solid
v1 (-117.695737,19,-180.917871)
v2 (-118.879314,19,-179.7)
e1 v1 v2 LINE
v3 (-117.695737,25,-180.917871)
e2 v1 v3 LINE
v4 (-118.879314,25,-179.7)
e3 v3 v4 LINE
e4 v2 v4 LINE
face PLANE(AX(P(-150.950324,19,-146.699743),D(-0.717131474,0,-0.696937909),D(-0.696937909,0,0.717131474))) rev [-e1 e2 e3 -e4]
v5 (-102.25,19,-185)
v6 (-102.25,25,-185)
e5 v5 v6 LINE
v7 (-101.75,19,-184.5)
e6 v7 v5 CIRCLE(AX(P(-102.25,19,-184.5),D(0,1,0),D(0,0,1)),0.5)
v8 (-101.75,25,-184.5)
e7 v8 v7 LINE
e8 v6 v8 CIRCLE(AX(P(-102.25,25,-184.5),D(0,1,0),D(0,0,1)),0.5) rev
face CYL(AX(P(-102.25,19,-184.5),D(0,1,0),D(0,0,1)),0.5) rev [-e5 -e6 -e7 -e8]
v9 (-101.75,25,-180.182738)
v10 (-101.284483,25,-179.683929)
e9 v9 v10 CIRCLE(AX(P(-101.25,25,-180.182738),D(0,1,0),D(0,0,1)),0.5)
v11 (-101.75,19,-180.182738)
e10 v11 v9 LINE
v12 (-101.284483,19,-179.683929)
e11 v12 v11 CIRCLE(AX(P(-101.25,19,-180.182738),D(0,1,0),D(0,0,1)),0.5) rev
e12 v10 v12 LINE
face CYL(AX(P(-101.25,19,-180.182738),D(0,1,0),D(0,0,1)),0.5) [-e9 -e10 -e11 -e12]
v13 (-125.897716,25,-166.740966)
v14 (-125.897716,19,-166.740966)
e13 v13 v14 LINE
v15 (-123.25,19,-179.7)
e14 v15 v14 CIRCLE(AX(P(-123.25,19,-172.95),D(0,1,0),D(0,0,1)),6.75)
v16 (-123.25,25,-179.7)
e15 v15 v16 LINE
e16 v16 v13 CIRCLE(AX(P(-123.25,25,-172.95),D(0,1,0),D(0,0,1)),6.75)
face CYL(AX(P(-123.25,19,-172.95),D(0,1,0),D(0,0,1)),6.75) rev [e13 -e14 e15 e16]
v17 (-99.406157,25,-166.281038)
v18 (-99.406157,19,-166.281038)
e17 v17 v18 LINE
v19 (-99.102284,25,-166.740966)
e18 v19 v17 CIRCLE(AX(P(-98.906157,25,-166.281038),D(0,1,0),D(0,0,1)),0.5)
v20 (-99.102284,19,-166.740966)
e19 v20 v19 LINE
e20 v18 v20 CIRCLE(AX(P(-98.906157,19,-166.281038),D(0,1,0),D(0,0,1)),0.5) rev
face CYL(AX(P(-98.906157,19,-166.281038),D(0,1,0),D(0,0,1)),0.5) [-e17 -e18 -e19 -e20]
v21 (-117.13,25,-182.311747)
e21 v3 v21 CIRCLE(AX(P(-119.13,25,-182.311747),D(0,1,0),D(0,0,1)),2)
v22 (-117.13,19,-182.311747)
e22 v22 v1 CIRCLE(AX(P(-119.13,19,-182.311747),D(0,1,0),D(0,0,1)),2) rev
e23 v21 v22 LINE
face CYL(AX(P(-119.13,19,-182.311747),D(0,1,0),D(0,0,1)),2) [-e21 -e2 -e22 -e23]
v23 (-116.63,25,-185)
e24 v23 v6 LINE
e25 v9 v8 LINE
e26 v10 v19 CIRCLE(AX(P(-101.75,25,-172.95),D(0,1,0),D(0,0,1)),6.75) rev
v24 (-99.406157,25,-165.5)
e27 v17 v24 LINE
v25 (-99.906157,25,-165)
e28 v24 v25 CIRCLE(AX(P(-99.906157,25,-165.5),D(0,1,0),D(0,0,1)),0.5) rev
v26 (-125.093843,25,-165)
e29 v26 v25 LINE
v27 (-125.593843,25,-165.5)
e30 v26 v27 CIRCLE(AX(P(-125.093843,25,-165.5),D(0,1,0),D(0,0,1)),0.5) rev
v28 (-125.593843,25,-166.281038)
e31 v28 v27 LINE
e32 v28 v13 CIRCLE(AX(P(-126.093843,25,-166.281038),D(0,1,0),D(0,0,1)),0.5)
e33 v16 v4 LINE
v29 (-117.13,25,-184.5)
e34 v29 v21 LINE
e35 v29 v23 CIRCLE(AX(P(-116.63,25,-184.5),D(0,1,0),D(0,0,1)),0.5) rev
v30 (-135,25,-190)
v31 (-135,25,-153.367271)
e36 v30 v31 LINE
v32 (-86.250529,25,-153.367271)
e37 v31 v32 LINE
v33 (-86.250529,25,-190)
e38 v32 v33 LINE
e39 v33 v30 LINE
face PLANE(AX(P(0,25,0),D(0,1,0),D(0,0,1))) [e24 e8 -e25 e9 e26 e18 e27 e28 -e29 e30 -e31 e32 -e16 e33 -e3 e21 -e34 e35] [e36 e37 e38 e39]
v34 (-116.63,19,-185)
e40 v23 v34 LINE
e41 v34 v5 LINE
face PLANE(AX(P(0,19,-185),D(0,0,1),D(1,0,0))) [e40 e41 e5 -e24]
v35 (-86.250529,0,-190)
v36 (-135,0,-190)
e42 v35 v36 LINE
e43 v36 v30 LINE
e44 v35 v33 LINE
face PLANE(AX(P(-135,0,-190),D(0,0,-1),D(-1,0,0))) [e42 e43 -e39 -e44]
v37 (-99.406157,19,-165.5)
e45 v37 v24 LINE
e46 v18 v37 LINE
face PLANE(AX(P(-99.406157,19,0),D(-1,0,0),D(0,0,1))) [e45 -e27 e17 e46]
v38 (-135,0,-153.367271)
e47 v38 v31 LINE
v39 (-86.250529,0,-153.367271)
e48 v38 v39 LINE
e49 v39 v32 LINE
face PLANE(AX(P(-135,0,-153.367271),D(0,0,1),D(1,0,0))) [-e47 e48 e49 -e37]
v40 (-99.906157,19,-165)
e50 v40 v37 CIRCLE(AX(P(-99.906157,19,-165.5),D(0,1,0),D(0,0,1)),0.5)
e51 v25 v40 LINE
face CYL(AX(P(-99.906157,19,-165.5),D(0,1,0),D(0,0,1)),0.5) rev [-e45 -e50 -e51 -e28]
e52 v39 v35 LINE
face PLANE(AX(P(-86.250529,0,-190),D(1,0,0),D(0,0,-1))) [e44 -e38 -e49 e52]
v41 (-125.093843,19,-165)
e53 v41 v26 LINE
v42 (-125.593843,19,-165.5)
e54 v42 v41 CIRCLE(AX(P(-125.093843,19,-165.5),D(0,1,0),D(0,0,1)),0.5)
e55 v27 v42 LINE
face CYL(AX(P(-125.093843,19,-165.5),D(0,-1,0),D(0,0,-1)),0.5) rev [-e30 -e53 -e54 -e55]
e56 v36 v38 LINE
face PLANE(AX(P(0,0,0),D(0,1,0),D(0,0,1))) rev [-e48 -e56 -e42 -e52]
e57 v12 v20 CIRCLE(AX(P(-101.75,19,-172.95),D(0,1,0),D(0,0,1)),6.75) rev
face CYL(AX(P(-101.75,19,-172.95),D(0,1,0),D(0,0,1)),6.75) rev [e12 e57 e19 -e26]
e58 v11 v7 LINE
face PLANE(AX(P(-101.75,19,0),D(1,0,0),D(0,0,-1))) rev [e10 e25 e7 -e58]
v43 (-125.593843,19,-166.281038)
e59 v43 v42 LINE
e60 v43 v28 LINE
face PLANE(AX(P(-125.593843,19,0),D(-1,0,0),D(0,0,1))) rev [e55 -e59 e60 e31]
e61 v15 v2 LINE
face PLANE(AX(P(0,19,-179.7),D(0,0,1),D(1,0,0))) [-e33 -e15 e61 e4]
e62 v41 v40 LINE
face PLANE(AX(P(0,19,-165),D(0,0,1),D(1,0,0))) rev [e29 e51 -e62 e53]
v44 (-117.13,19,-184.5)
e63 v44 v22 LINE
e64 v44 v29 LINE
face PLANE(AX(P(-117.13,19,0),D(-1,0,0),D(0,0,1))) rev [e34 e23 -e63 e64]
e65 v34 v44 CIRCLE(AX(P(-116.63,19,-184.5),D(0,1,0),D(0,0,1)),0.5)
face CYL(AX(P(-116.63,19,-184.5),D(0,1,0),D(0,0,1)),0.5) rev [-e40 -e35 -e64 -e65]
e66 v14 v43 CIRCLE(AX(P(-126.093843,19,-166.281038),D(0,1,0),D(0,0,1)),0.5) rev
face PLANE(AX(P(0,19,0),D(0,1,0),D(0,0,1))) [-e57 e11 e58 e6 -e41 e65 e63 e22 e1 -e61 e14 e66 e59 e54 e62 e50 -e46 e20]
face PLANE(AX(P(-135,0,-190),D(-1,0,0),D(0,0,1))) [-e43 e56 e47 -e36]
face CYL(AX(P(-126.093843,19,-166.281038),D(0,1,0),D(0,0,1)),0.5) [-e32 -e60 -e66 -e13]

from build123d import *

# Parameters (mm, degrees)
SKETCH1_W           = 290
SKETCH1_H           = 400
BOSS_EXTRUDE1_DEPTH = 35
SKETCH2_W           = 270
SKETCH2_H           = 380
CUT_EXTRUDE2_DEPTH  = 10
CUT_EXTRUDE3_DEPTH  = 6
FILLET2_R           = 2
FILLET4_R           = 0.5
FILLET5_R           = 0.5
FILLET6_R           = 0.5
FILLET7_R           = 0.5
FILLET8_R           = 0.5
FILLET9_R           = 0.5
SKETCH4_W           = 290
SKETCH4_H           = 400
SKETCH4_W_2         = 48.749470761
SKETCH4_H_2         = 36.632728687
CUT_EXTRUDE4_DEPTH  = 250.499498997


with BuildPart() as part:
    # Sketch1 → Boss-Extrude1 (new body)
    with BuildSketch(Plane(origin=(0, 0, 0), x_dir=(1, 0, 0), z_dir=(0, 1, 0))):
        Rectangle(SKETCH1_W, SKETCH1_H)
    extrude(amount=BOSS_EXTRUDE1_DEPTH)

    # Sketch2 → Cut-Extrude2 (cut)
    with BuildSketch(Plane(origin=(0, 35, 0), x_dir=(1, 0, 0), z_dir=(0, 1, 0))):
        Rectangle(SKETCH2_W, SKETCH2_H)
    extrude(amount=-CUT_EXTRUDE2_DEPTH, mode=Mode.SUBTRACT)

    # Sketch3 → Cut-Extrude3 (cut)
    with BuildSketch(Plane(origin=(0, 25, 0), x_dir=(1, 0, 0), z_dir=(0, 1, 0))):
        with BuildLine():
            Line((-101.75, 185), (-117.13, 185))
            Line((-117.13, 185), (-117.13, 181.5))
            Line((-117.13, 181.5), (-118.879314151, 179.7))
            Line((-118.879314151, 179.7), (-123.25, 179.7))
            ThreePointArc((-123.25, 179.7), (-129.894170377, 174.14058809), (-125.593842998, 166.62))
            Line((-125.593842998, 166.62), (-125.593842998, 165))
            Line((-125.593842998, 165), (-99.406157002, 165))
            Line((-99.406157002, 165), (-99.406157002, 166.62))
            ThreePointArc((-99.406157002, 166.62), (-95.105829623, 174.14058809), (-101.75, 179.7))
            Line((-101.75, 179.7), (-101.75, 185))
        make_face()
    extrude(amount=-CUT_EXTRUDE3_DEPTH, mode=Mode.SUBTRACT)

    # Fillet2
    fillet2_edges = [part.edges().sort_by_distance(p)[0] for p in [
        (-117.13, 22, -181.5),
    ]]
    fillet(fillet2_edges, radius=FILLET2_R)

    # Fillet4
    fillet4_edges = [part.edges().sort_by_distance(p)[0] for p in [
        (-125.593842998, 22, -166.62),
    ]]
    fillet(fillet4_edges, radius=FILLET4_R)

    # Fillet5
    fillet5_edges = [part.edges().sort_by_distance(p)[0] for p in [
        (-99.406157002, 22, -166.62),
    ]]
    fillet(fillet5_edges, radius=FILLET5_R)

    # Fillet6
    fillet6_edges = [part.edges().sort_by_distance(p)[0] for p in [
        (-101.75, 22, -179.7),
    ]]
    fillet(fillet6_edges, radius=FILLET6_R)

    # Fillet7
    fillet7_edges = [part.edges().sort_by_distance(p)[0] for p in [
        (-101.75, 22, -185),
    ]]
    fillet(fillet7_edges, radius=FILLET7_R)

    # Fillet8
    fillet8_edges = [part.edges().sort_by_distance(p)[0] for p in [
        (-117.13, 22, -185),
    ]]
    fillet(fillet8_edges, radius=FILLET8_R)

    # Fillet9
    fillet9_edges = [part.edges().sort_by_distance(p)[0] for p in [
        (-125.593842998, 22, -165),
        (-99.406157002, 22, -165),
    ]]
    fillet(fillet9_edges, radius=FILLET9_R)

    # Sketch4 → Cut-Extrude4 (cut, through all)
    with BuildSketch(Plane(origin=(0, 35, 0), x_dir=(1, 0, 0), z_dir=(0, 1, 0))):
        Rectangle(SKETCH4_W, SKETCH4_H)
        with Locations((-110.62526462, 171.683635657)):
            Rectangle(SKETCH4_W_2, SKETCH4_H_2, mode=Mode.SUBTRACT)
    extrude(amount=-CUT_EXTRUDE4_DEPTH, mode=Mode.SUBTRACT)


solid = part.part
